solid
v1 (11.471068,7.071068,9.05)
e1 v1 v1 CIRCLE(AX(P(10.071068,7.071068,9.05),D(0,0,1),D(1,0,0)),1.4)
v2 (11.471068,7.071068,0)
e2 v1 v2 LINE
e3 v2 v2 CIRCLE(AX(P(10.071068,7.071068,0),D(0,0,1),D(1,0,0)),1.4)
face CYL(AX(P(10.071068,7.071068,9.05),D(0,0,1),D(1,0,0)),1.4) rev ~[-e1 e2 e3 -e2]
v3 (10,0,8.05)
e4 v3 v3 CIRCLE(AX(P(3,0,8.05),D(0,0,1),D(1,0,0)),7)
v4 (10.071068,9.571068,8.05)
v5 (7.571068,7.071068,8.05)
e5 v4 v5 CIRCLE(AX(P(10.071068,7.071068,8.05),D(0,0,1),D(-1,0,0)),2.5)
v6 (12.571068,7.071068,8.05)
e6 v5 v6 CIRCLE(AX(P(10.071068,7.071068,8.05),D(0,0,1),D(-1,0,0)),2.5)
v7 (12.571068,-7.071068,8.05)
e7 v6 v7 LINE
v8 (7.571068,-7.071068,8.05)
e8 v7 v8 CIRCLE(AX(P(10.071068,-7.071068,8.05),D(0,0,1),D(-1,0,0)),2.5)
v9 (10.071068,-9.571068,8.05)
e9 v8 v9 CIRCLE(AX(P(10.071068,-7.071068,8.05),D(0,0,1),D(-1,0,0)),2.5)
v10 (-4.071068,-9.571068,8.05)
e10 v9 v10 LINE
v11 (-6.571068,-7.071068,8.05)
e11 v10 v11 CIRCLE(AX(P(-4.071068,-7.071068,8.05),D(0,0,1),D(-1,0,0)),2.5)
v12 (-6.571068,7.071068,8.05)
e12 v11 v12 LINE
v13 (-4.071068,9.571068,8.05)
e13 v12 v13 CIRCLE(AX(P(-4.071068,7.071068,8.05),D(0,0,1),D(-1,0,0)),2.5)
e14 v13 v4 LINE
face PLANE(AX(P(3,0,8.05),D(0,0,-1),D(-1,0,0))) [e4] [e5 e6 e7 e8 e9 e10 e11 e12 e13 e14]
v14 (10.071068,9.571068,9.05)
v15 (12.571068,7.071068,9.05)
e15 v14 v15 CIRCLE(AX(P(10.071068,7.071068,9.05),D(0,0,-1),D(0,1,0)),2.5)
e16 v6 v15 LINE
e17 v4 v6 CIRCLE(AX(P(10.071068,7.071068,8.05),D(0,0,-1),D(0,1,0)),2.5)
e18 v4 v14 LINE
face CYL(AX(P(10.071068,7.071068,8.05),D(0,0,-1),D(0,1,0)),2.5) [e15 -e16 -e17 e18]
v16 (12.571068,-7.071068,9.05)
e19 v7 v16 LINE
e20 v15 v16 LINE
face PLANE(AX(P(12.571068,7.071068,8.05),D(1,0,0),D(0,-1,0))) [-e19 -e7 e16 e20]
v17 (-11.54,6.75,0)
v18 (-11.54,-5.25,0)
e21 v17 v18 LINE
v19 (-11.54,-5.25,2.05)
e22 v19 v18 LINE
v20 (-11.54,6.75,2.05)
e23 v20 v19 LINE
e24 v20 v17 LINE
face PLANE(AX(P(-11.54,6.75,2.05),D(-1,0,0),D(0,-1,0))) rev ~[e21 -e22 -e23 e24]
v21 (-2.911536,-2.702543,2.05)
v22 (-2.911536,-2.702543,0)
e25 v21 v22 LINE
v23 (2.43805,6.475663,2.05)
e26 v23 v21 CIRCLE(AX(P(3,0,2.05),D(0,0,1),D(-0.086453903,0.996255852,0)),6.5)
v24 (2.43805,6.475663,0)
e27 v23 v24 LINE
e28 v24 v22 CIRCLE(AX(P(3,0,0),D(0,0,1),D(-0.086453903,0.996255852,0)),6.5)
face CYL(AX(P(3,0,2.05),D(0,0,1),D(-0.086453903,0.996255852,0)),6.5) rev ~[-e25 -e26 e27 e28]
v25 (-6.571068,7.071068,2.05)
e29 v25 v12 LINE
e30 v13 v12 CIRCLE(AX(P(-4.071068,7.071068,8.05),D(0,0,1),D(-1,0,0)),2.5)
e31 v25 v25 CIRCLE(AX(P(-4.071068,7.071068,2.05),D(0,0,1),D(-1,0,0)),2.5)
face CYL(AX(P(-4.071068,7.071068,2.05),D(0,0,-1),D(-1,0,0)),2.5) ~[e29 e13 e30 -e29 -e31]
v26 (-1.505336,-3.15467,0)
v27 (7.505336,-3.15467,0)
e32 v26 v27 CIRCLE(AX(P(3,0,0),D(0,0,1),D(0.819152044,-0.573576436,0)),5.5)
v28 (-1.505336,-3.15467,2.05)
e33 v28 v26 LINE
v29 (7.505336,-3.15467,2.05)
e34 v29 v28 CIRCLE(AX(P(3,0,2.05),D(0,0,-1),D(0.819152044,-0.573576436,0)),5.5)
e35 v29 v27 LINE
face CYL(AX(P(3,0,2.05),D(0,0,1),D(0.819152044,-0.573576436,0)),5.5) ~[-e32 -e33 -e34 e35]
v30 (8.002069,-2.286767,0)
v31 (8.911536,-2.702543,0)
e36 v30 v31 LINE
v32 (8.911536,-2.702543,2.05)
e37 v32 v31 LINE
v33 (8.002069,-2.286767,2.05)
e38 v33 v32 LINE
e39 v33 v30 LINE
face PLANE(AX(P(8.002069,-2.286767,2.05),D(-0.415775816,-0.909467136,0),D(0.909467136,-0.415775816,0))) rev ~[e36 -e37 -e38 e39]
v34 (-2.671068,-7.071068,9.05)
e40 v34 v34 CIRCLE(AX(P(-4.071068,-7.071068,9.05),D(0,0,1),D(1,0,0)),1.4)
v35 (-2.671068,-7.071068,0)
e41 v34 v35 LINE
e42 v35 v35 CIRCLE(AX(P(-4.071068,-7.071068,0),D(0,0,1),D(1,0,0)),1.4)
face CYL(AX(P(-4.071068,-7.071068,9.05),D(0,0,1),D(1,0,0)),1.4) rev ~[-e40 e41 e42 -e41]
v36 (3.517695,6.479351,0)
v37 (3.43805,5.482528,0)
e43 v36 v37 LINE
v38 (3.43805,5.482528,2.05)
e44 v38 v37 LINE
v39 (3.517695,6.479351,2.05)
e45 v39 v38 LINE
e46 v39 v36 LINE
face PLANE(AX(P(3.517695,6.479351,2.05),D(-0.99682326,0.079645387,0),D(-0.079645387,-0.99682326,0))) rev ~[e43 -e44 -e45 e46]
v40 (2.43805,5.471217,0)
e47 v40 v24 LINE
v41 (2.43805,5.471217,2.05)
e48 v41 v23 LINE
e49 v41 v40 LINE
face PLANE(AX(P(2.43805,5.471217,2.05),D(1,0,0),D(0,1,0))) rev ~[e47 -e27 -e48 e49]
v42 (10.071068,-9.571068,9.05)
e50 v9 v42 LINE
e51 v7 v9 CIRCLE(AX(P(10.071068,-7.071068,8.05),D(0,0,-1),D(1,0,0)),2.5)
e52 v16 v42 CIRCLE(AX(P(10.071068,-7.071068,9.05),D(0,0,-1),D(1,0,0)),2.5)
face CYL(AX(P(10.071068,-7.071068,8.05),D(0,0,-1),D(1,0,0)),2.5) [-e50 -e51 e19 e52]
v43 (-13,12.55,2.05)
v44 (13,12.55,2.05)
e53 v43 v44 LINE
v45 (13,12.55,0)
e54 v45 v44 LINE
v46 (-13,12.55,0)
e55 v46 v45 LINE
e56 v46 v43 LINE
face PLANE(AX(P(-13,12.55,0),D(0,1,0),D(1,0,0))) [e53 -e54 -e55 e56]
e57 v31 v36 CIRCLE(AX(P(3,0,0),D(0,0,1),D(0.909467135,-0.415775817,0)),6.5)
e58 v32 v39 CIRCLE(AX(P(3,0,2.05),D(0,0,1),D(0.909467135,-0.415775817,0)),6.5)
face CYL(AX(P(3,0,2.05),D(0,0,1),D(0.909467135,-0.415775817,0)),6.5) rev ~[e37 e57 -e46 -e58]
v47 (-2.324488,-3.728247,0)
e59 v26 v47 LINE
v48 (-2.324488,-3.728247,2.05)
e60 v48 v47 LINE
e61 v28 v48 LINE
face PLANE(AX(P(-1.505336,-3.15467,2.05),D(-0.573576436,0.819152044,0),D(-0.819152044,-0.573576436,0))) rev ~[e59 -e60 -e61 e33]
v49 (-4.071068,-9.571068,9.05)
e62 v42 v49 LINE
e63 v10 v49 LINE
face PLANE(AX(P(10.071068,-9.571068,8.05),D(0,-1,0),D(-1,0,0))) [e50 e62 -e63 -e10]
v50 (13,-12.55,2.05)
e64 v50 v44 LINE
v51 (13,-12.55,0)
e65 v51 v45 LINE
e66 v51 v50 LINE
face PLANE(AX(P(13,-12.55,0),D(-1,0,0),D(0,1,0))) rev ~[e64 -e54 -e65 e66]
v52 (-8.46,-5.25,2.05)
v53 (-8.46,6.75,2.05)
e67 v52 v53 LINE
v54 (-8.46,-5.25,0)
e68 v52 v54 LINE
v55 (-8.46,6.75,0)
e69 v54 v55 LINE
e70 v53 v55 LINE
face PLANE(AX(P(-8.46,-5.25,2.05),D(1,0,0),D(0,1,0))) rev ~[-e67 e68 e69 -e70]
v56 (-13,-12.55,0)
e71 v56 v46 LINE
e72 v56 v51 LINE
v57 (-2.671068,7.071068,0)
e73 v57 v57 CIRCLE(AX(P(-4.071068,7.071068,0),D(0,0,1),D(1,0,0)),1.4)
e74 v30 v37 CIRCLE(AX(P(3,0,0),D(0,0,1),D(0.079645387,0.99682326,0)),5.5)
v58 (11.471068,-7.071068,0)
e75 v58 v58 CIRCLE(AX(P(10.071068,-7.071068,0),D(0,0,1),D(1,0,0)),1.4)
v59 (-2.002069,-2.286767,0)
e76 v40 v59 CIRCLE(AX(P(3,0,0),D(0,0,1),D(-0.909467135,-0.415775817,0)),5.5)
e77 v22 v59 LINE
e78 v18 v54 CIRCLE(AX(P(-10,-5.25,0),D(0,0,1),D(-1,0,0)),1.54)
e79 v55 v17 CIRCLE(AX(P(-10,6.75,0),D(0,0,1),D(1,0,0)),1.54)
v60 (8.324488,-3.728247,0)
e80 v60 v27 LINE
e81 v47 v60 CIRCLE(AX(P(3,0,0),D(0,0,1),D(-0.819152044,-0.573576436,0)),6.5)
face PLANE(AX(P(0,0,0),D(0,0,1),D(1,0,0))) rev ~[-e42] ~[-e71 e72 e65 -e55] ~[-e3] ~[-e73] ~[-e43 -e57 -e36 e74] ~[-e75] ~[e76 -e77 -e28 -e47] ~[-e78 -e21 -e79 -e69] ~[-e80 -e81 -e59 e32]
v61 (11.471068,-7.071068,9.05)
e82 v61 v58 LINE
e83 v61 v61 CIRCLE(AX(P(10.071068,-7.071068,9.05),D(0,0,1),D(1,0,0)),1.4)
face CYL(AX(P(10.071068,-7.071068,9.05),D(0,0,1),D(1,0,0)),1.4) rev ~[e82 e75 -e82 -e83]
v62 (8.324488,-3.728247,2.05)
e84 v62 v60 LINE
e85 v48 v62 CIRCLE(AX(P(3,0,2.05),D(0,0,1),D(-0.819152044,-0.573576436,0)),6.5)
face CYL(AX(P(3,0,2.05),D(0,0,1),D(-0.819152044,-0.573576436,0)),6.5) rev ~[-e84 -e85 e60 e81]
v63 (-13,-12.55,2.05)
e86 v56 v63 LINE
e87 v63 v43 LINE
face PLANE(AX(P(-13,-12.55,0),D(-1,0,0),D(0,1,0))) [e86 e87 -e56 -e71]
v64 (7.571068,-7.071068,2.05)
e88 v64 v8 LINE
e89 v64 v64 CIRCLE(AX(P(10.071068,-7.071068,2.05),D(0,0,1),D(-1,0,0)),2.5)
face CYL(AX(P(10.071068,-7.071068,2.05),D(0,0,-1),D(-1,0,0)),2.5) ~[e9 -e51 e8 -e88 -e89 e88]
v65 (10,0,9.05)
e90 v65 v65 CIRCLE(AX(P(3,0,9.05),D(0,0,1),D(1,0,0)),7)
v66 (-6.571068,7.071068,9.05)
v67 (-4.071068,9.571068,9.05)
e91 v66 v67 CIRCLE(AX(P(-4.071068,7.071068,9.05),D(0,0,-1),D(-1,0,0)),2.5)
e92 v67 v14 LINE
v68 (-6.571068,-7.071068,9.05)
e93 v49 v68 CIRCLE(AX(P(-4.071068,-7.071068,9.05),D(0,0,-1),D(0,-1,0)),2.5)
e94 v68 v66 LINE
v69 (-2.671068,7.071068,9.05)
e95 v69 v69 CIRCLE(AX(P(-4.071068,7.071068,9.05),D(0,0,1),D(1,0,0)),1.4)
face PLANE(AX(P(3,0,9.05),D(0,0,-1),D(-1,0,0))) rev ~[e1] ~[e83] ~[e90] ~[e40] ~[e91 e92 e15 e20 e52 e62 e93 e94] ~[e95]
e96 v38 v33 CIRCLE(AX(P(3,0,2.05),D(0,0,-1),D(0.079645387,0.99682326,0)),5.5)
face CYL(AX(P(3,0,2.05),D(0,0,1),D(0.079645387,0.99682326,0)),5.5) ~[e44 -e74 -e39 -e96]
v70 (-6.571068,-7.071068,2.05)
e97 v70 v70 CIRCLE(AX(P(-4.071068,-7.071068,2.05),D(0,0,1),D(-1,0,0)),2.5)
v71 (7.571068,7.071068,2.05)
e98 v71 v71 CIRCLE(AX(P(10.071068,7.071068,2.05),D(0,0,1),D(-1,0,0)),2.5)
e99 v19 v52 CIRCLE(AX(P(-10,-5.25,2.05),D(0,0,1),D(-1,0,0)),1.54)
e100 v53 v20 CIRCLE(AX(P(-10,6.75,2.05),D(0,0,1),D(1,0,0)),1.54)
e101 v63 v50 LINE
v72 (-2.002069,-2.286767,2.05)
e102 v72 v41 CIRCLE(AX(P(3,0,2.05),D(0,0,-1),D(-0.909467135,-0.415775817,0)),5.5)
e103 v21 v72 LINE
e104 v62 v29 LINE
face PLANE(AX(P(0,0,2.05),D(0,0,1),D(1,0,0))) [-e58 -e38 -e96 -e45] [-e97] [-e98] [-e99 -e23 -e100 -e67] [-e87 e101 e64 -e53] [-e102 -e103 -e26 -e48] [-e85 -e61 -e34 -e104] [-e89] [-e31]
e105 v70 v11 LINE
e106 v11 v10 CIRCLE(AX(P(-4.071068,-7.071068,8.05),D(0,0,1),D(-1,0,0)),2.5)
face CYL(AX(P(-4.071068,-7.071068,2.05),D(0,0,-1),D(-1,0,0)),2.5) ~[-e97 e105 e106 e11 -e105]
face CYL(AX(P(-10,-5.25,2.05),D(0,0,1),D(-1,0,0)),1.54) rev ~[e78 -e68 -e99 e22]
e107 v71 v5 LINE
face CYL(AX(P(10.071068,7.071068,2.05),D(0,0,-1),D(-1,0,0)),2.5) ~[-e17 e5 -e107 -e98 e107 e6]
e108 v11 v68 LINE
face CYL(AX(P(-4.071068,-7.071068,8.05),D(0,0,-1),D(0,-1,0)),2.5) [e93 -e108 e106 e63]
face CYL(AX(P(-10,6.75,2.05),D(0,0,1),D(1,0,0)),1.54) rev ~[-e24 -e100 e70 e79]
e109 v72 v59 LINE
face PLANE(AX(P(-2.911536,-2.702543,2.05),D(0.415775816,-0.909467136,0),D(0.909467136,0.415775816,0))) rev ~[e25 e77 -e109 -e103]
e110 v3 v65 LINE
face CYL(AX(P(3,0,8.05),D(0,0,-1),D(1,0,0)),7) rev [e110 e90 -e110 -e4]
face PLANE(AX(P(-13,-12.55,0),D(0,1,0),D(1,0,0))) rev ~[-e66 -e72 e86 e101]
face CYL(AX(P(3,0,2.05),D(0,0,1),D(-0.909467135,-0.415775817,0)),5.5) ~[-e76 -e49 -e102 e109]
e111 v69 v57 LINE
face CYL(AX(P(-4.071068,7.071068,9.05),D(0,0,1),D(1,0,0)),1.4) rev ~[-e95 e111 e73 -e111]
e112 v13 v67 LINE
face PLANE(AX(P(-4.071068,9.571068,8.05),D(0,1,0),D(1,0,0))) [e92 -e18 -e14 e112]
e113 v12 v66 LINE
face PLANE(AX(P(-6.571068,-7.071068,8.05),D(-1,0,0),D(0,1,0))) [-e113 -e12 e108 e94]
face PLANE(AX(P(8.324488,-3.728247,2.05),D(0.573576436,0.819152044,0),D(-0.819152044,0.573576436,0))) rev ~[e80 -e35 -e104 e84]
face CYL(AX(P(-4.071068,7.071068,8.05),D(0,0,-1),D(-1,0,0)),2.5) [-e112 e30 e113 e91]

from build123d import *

# Parameters (mm, degrees)
SKETCH1_W           = 26
SKETCH1_H           = 25.1
BOSS_EXTRUDE1_DEPTH = 2.05
CUT_EXTRUDE1_DEPTH  = 19.185296258
SKETCH3_R           = 2.5
BOSS_EXTRUDE2_DEPTH = 6
SKETCH4_R           = 7
BOSS_EXTRUDE3_DEPTH = 1
SKETCH5_R           = 1.4
CUT_EXTRUDE2_DEPTH  = 9.05


with BuildPart() as part:
    # Sketch1 → Boss-Extrude1 (new body)
    with BuildSketch(Plane.XY):
        Rectangle(SKETCH1_W, SKETCH1_H)
    extrude(amount=BOSS_EXTRUDE1_DEPTH)

    # Sketch2 → Cut-Extrude1 (cut, through all)
    with BuildSketch(Plane.XY.offset(2.05)):
        with BuildLine():
            Line((-8.46, -5.25), (-8.46, 6.75))
            ThreePointArc((-8.46, 6.75), (-10, 8.29), (-11.54, 6.75))
            Line((-11.54, 6.75), (-11.54, -5.25))
            ThreePointArc((-11.54, -5.25), (-10, -6.79), (-8.46, -5.25))
        make_face()
        with BuildLine():
            ThreePointArc((-2.002069244, -2.286766992), (-1.773484699, 2.732003629), (2.438049628, 5.471216664))
            Line((2.438049628, 5.471216664), (2.438049628, 6.475663038))
            ThreePointArc((2.438049628, 6.475663038), (-2.615725538, 3.273167683), (-2.91153638, -2.702542808))
            Line((-2.91153638, -2.702542808), (-2.002069244, -2.286766992))
        make_face()
        with BuildLine():
            Line((3.517695015, 6.479351192), (3.438049628, 5.482527932))
            ThreePointArc((3.438049628, 5.482527932), (7.742278908, 2.785819585), (8.002069244, -2.286766992))
            Line((8.002069244, -2.286766992), (8.91153638, -2.702542808))
            ThreePointArc((8.91153638, -2.702542808), (8.604511436, 3.292332237), (3.517695015, 6.479351192))
        make_face()
        with BuildLine():
            ThreePointArc((7.505336244, -3.1546704), (3, -5.5), (-1.505336244, -3.1546704))
            Line((-1.505336244, -3.1546704), (-2.324488288, -3.728246836))
            ThreePointArc((-2.324488288, -3.728246836), (3, -6.5), (8.324488288, -3.728246836))
            Line((8.324488288, -3.728246836), (7.505336244, -3.1546704))
        make_face()
    extrude(amount=-CUT_EXTRUDE1_DEPTH, mode=Mode.SUBTRACT)

    # Sketch3 → Boss-Extrude2 (add)
    with BuildSketch(Plane.XY.offset(2.05)):
        with Locations(Location((-4.071067812, 7.071067812, 0), (0, 0, 180))):
            Circle(SKETCH3_R)
        with Locations(Location((10.071067812, 7.071067812, 0), (0, 0, 180))):
            Circle(SKETCH3_R)
        with Locations(Location((10.071067812, -7.071067812, 0), (0, 0, 180))):
            Circle(SKETCH3_R)
        with Locations(Location((-4.071067812, -7.071067812, 0), (0, 0, 180))):
            Circle(SKETCH3_R)
    extrude(amount=BOSS_EXTRUDE2_DEPTH)

    # Sketch4 → Boss-Extrude3 (add)
    with BuildSketch(Plane.XY.offset(8.05)):
        with BuildLine():
            Line((-4.071067812, 9.571067812), (10.071067812, 9.571067812))
            ThreePointArc((10.071067812, 9.571067812), (11.838834765, 8.838834765), (12.571067812, 7.071067812))
            Line((12.571067812, 7.071067812), (12.571067812, -7.071067812))
            ThreePointArc((12.571067812, -7.071067812), (11.838834765, -8.838834765), (10.071067812, -9.571067812))
            Line((10.071067812, -9.571067812), (-4.071067812, -9.571067812))
            ThreePointArc((-4.071067812, -9.571067812), (-5.838834765, -8.838834765), (-6.571067812, -7.071067812))
            Line((-6.571067812, -7.071067812), (-6.571067812, 7.071067812))
            ThreePointArc((-6.571067812, 7.071067812), (-5.838834765, 8.838834765), (-4.071067812, 9.571067812))
        make_face()
        with Locations((3, 0)):
            Circle(SKETCH4_R, mode=Mode.SUBTRACT)
    extrude(amount=BOSS_EXTRUDE3_DEPTH)

    # Sketch5 → Cut-Extrude2 (cut)
    with BuildSketch(Plane.XY.offset(9.05)):
        with Locations((-4.071067812, -7.071067812)):
            Circle(SKETCH5_R)
        with Locations((-4.071067812, 7.071067812)):
            Circle(SKETCH5_R)
        with Locations((10.071067812, 7.071067812)):
            Circle(SKETCH5_R)
        with Locations((10.071067812, -7.071067812)):
            Circle(SKETCH5_R)
    extrude(amount=-CUT_EXTRUDE2_DEPTH, mode=Mode.SUBTRACT)


solid = part.part
